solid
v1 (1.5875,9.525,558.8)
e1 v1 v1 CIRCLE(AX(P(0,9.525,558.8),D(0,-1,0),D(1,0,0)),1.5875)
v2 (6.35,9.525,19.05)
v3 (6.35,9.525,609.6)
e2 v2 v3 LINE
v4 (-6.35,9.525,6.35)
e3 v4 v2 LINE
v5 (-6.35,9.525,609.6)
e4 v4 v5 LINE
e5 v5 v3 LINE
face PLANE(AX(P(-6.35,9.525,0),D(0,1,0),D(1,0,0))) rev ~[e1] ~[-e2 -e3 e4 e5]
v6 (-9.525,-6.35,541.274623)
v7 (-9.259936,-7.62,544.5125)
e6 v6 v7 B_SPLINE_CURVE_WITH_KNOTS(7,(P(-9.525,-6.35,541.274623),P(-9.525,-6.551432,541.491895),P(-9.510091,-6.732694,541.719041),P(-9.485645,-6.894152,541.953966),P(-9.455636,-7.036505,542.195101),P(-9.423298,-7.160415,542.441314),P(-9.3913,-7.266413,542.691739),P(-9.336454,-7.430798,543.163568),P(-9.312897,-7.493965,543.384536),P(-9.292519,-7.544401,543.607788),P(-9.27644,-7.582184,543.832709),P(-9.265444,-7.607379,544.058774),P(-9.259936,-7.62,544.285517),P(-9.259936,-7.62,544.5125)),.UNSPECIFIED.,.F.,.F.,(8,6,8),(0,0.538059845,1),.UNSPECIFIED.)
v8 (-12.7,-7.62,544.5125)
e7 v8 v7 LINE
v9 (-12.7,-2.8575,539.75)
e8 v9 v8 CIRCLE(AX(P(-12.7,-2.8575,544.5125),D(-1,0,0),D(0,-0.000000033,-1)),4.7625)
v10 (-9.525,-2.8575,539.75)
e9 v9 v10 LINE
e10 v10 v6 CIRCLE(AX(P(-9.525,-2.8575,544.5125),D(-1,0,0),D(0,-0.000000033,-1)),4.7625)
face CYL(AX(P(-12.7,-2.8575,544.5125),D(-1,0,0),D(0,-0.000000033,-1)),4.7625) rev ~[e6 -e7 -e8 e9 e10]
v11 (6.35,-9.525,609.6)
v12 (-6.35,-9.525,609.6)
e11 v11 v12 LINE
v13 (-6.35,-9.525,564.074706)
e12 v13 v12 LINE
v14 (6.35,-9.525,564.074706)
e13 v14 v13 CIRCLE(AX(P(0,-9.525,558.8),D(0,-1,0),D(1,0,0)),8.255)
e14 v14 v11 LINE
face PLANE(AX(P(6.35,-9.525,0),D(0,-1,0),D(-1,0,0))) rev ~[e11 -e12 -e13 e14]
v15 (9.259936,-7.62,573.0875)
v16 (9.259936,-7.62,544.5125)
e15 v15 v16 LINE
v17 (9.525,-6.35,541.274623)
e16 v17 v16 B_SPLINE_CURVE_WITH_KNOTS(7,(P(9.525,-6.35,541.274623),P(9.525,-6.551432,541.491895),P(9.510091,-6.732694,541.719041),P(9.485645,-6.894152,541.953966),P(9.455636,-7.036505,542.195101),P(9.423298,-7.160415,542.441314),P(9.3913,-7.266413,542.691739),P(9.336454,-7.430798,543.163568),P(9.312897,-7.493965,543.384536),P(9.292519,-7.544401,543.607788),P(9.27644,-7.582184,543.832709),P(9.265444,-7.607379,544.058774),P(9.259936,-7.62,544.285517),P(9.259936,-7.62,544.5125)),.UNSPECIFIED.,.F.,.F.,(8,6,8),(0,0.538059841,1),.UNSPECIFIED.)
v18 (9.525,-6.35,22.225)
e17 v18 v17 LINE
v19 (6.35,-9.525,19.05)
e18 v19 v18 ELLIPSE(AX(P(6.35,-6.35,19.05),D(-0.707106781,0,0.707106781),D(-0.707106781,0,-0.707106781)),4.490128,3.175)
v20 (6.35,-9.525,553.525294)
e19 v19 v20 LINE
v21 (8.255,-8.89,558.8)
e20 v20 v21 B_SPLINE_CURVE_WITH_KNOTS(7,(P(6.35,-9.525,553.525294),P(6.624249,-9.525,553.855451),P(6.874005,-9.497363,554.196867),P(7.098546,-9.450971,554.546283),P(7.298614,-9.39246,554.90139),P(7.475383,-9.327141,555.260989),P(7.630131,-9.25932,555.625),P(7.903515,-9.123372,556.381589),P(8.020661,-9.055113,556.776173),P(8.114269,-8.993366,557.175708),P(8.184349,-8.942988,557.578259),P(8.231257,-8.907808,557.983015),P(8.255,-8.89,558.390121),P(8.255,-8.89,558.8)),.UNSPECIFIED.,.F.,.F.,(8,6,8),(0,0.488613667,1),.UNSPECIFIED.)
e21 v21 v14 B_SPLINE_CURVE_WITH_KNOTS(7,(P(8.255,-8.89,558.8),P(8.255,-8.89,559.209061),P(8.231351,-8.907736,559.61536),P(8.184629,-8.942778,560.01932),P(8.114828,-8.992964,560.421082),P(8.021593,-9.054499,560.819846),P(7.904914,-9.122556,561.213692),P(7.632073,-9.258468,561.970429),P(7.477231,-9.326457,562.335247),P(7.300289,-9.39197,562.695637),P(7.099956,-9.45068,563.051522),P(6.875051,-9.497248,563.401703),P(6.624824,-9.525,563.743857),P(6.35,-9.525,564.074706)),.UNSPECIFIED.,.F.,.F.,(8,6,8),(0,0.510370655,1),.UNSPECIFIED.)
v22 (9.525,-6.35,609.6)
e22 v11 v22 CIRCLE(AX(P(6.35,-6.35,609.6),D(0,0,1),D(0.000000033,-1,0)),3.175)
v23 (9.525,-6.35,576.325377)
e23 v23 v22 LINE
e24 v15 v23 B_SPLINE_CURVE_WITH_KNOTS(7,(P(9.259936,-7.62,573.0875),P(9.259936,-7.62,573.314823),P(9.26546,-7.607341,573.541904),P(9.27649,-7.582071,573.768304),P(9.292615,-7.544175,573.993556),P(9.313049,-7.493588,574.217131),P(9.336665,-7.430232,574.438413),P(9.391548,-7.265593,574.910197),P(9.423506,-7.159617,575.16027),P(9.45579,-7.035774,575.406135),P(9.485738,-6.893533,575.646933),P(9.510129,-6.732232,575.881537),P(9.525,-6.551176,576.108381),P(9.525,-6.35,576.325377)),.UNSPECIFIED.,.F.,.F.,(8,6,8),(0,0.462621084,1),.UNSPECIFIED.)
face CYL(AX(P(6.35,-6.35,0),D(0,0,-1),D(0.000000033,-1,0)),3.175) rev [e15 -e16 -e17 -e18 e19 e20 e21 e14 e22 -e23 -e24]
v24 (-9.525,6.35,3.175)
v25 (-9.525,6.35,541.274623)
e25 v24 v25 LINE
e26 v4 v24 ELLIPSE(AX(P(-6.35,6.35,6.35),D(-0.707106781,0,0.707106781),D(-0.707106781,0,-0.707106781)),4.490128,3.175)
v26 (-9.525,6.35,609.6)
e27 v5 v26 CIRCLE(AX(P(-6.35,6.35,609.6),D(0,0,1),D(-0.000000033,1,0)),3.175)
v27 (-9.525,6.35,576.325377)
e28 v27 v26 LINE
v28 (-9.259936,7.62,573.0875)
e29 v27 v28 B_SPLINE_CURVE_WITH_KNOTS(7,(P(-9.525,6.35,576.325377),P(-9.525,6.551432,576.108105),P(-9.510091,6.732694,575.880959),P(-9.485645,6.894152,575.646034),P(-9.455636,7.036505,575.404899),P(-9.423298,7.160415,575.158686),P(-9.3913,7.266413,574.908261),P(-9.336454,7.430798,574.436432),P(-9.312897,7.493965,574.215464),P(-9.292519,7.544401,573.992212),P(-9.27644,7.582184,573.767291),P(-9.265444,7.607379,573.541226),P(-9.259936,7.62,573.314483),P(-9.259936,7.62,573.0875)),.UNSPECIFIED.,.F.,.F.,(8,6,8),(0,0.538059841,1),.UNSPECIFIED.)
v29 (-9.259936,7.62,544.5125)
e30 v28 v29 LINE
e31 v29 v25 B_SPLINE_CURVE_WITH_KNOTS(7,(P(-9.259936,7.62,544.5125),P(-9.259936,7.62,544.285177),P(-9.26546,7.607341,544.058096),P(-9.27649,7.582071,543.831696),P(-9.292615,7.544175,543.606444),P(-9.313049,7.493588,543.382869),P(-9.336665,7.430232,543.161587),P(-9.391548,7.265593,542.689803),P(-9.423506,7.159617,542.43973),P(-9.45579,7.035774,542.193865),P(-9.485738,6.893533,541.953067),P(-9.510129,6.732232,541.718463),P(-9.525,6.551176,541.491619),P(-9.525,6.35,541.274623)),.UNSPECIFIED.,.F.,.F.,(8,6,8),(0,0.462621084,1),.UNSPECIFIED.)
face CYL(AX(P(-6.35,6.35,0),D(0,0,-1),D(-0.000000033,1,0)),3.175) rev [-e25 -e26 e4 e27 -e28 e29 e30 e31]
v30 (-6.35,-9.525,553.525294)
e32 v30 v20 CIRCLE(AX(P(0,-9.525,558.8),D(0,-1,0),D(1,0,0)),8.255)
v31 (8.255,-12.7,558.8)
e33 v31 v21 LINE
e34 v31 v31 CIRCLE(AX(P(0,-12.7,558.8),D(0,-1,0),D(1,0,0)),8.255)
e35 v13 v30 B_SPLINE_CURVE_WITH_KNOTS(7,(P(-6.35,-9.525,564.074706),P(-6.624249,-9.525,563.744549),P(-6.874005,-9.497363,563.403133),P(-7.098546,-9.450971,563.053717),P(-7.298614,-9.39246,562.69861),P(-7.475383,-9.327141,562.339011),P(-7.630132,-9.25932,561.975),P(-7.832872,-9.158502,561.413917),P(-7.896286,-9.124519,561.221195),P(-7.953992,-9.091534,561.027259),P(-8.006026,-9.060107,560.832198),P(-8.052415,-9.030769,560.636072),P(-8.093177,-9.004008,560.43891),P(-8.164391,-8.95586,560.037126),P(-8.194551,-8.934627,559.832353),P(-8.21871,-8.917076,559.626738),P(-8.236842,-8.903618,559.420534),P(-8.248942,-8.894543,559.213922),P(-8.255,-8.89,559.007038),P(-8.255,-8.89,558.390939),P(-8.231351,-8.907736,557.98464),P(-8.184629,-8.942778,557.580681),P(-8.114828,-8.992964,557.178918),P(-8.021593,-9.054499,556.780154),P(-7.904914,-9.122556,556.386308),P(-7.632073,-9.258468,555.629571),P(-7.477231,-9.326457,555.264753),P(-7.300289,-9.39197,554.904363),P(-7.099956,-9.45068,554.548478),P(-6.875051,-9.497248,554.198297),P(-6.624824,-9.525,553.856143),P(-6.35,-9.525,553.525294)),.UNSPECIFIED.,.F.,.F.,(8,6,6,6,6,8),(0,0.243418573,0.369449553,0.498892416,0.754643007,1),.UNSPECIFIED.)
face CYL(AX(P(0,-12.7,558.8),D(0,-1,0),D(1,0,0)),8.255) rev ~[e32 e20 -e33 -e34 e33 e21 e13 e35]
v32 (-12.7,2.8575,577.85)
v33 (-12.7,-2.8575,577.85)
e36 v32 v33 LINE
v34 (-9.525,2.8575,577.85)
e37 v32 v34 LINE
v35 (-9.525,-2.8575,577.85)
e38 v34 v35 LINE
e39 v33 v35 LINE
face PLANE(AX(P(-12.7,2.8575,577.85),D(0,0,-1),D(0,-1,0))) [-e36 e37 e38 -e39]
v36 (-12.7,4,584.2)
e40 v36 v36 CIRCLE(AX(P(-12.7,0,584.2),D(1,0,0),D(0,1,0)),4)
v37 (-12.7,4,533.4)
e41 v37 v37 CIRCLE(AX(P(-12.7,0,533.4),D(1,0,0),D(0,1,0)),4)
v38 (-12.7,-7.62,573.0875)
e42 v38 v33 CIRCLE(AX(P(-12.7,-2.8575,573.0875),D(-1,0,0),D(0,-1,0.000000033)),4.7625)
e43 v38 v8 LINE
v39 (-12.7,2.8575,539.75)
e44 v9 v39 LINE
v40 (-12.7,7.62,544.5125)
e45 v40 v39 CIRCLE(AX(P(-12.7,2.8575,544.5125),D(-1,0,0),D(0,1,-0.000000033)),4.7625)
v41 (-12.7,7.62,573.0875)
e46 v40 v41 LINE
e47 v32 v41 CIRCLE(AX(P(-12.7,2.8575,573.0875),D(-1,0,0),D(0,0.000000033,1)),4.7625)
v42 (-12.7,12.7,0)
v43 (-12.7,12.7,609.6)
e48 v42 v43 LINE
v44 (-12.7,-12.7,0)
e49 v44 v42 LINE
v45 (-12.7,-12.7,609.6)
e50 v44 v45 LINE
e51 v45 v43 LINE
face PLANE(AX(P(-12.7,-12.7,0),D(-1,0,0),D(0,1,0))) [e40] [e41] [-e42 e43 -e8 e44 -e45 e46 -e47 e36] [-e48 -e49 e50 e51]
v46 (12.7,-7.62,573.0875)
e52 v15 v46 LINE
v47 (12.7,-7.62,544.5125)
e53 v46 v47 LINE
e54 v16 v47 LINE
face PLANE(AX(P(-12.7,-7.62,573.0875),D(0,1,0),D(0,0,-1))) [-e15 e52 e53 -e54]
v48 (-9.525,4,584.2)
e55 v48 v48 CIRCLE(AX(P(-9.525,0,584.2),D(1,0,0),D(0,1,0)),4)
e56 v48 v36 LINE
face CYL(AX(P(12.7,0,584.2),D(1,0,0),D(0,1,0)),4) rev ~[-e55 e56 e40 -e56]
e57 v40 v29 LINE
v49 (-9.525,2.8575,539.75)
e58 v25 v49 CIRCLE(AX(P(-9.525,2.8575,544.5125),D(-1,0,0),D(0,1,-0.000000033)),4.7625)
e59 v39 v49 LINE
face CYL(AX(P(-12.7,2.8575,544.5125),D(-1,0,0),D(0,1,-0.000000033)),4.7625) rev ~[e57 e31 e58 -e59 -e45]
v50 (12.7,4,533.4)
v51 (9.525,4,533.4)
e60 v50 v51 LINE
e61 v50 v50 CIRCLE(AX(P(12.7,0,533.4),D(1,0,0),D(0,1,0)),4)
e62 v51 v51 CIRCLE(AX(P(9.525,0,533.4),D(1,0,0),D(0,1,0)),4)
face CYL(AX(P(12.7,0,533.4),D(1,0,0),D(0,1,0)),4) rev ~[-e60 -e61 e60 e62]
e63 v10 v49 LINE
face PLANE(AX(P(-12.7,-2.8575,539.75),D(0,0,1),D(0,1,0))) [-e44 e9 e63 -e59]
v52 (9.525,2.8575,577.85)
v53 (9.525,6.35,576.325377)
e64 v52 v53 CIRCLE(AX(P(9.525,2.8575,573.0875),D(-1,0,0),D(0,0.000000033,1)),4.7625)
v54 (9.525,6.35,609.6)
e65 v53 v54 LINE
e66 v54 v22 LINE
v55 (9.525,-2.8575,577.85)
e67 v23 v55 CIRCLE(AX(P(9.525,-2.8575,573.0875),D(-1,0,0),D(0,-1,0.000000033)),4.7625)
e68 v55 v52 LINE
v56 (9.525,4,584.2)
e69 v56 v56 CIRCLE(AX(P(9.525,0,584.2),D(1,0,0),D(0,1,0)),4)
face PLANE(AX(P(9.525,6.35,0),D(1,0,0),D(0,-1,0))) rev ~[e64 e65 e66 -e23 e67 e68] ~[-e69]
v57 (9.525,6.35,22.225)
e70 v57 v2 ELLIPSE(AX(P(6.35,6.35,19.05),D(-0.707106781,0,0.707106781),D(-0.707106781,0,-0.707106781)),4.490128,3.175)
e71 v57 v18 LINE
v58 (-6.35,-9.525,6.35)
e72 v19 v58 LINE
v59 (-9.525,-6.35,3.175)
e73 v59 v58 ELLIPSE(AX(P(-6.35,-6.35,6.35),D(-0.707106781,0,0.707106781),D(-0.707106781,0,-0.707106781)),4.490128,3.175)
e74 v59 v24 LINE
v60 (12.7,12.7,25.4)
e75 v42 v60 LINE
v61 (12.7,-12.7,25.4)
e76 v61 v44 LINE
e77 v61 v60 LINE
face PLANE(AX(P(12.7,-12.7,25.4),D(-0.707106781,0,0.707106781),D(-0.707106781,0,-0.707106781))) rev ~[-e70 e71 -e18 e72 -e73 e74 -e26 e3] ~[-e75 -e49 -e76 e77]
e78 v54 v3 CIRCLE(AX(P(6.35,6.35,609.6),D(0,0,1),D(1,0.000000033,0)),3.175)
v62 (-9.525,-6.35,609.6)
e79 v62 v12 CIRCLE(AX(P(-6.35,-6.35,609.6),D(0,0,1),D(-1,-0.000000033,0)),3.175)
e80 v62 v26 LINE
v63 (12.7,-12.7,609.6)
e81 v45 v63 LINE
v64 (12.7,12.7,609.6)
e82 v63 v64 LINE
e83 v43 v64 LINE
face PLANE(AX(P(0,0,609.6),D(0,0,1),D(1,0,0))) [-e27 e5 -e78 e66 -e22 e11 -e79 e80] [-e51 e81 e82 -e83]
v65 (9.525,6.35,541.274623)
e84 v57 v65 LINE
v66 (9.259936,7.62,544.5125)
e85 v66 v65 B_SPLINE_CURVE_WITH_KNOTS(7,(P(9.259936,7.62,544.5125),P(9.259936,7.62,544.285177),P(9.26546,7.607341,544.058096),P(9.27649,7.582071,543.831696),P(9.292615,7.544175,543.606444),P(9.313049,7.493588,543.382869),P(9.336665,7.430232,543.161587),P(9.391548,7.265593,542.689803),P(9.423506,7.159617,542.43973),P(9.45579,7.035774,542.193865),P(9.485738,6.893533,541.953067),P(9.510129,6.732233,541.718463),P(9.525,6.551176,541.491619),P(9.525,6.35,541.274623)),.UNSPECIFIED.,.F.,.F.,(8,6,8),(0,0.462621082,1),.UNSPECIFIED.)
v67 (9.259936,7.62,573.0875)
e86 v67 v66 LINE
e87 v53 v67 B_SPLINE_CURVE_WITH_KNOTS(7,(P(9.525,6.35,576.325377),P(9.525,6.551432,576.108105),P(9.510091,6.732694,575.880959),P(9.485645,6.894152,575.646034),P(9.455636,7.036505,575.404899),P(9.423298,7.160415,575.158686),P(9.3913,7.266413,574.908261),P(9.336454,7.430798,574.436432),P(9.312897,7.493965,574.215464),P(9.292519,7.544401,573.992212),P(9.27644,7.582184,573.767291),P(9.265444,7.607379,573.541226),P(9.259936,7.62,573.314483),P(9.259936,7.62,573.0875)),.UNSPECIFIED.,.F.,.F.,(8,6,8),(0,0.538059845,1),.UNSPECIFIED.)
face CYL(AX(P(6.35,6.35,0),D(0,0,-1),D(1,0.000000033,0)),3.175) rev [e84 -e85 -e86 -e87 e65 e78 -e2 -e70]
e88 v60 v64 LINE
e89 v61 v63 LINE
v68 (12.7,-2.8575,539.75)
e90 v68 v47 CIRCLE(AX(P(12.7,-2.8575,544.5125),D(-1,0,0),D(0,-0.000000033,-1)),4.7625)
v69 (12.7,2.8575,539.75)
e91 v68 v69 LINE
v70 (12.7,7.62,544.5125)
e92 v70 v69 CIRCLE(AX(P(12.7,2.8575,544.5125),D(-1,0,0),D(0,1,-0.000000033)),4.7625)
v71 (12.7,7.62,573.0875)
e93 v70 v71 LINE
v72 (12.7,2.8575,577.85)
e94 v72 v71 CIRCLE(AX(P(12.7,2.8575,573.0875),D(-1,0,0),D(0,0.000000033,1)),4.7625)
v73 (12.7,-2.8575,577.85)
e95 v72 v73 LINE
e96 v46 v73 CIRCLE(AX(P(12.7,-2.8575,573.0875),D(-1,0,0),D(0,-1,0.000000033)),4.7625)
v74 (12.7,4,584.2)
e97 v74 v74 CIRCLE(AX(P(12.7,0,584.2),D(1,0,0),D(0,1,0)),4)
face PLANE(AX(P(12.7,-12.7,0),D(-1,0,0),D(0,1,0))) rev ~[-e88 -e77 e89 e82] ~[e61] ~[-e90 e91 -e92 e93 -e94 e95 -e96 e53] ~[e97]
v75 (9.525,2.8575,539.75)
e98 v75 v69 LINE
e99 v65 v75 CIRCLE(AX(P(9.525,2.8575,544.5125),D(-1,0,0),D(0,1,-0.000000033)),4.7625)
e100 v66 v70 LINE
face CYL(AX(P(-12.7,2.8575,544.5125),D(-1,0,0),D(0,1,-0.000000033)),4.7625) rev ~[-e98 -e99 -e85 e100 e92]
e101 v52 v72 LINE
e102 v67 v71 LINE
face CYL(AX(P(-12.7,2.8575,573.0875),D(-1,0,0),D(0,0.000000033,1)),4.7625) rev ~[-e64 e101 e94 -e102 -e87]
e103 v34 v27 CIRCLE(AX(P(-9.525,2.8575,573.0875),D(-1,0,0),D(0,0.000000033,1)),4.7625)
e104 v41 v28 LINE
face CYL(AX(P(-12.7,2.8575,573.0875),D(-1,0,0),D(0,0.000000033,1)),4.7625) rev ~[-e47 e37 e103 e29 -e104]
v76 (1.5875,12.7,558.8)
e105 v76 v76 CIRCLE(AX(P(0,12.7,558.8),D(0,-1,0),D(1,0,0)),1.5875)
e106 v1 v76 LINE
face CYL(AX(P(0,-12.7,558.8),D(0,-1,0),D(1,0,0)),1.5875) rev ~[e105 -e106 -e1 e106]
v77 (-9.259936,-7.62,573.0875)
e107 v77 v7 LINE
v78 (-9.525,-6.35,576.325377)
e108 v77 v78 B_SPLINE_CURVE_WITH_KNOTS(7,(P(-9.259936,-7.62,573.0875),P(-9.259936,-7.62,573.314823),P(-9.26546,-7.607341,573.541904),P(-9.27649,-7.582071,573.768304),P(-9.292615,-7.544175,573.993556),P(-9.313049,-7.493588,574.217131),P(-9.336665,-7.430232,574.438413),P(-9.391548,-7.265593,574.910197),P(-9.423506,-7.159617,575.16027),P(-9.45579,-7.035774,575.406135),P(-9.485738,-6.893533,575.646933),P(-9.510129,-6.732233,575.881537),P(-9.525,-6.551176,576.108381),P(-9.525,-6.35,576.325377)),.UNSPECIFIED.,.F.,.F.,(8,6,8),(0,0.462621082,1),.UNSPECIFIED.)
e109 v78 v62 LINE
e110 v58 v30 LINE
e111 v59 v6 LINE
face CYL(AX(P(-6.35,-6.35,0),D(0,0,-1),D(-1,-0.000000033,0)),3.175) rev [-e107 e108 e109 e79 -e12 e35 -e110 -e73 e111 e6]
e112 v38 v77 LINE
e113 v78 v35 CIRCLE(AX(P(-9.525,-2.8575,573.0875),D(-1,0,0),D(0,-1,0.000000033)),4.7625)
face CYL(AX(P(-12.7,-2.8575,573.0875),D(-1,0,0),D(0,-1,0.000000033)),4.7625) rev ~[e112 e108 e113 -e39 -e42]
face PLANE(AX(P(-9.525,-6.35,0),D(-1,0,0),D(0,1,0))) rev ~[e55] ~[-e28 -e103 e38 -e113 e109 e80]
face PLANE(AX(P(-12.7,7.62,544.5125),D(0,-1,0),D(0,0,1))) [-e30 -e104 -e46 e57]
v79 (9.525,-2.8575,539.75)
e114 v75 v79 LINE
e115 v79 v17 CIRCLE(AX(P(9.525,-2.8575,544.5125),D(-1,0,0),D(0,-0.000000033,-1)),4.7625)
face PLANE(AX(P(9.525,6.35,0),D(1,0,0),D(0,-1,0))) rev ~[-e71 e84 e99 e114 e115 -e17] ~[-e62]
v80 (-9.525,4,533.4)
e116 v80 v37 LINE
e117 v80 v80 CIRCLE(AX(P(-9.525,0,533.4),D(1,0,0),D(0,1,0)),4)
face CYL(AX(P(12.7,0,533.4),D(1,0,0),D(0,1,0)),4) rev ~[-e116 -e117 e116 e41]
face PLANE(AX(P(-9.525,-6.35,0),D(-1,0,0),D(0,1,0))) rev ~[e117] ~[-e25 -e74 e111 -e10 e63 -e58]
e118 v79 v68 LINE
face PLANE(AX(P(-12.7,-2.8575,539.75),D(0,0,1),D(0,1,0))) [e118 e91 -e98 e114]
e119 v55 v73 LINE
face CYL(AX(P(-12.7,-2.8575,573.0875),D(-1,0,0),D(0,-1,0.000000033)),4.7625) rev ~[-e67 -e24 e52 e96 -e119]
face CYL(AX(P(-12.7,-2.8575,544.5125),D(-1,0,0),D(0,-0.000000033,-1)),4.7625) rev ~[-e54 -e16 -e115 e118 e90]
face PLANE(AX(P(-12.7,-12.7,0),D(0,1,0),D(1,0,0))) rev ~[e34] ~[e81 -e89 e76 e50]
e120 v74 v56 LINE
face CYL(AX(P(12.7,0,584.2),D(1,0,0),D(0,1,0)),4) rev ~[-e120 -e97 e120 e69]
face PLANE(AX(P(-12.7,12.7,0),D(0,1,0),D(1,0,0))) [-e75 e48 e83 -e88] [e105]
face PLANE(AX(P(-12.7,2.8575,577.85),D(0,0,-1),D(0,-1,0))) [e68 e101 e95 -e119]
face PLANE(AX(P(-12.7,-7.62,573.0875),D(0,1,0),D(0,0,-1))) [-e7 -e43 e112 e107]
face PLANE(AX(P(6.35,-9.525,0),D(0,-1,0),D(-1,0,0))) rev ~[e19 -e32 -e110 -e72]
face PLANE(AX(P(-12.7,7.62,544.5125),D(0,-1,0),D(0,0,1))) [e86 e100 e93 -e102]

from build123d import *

# Parameters (mm, degrees)
SKETCH005_W     = 25.4
SKETCH005_H     = 25.4
PAD002_DEPTH    = 609.6
SKETCH006_R     = 4
POCKET003_DEPTH = 25.401
POCKET004_DEPTH = 25.401
POCKET007_DEPTH = 25.401
SKETCH012_R     = 8.255
POCKET008_DEPTH = 5.08
SKETCH013_R     = 1.5875
POCKET009_DEPTH = 25.401


with BuildPart() as part:
    # Sketch005 → Pad002 (new body)
    with BuildSketch(Plane.XY):
        Rectangle(SKETCH005_W, SKETCH005_H)
        with BuildLine():
            ThreePointArc((-9.525, -6.35), (-8.595064, -8.595064), (-6.35, -9.525))
            Line((6.35, -9.525), (-6.35, -9.525))
            ThreePointArc((6.35, -9.525), (8.595064, -8.595064), (9.525, -6.35))
            Line((9.525, 6.35), (9.525, -6.35))
            ThreePointArc((9.525, 6.35), (8.595064, 8.595064), (6.35, 9.525))
            Line((-6.35, 9.525), (6.35, 9.525))
            ThreePointArc((-6.35, 9.525), (-8.595064, 8.595064), (-9.525, 6.35))
            Line((-9.525, -6.35), (-9.525, 6.35))
        make_face(mode=Mode.SUBTRACT)
    extrude(amount=PAD002_DEPTH)

    # Sketch006 (on Face3 of Pad002) → Pocket003 (cut, through all)
    with BuildSketch(Plane.YZ.offset(12.7)):
        with Locations((0, 584.2)):
            Circle(SKETCH006_R)
        with Locations((0, 533.4)):
            Circle(SKETCH006_R)
    extrude(amount=-POCKET003_DEPTH, mode=Mode.SUBTRACT)

    # Sketch007 (on Face2 of Pocket003) → Pocket004 (cut, through all)
    with BuildSketch(Plane.XZ.offset(12.7)):
        Polygon((12.7, 25.4), (-12.7, 0), (12.7, 0), align=None)
    extrude(amount=-POCKET004_DEPTH, mode=Mode.SUBTRACT)

    # Sketch011 (on Face1 of Pocket004) → Pocket007 (cut, through all)
    with BuildSketch(Plane(origin=(-12.7, 0, 0), x_dir=(0, -1, 0), z_dir=(-1, 0, 0))):
        with BuildLine():
            ThreePointArc((-7.62, 544.5125), (-6.225096, 541.144904), (-2.8575, 539.75))
            Line((2.8575, 539.75), (-2.8575, 539.75))
            ThreePointArc((2.8575, 539.75), (6.225096, 541.144904), (7.62, 544.5125))
            Line((7.62, 573.0875), (7.62, 544.5125))
            ThreePointArc((7.62, 573.0875), (6.225096, 576.455096), (2.8575, 577.85))
            Line((-2.8575, 577.85), (2.8575, 577.85))
            ThreePointArc((-2.8575, 577.85), (-6.225096, 576.455096), (-7.62, 573.0875))
            Line((-7.62, 544.5125), (-7.62, 573.0875))
        make_face()
    extrude(amount=-POCKET007_DEPTH, mode=Mode.SUBTRACT)

    # Sketch012 (on Face2 of Pocket007) → Pocket008 (cut)
    with BuildSketch(Plane.XZ.offset(12.7)):
        with Locations((0, 558.8)):
            Circle(SKETCH012_R)
    extrude(amount=-POCKET008_DEPTH, mode=Mode.SUBTRACT)

    # Sketch013 (on Face2 of Pocket008) → Pocket009 (cut, through all)
    with BuildSketch(Plane.XZ.offset(12.7)):
        with Locations((0, 558.8)):
            Circle(SKETCH013_R)
    extrude(amount=-POCKET009_DEPTH, mode=Mode.SUBTRACT)


solid = part.part
